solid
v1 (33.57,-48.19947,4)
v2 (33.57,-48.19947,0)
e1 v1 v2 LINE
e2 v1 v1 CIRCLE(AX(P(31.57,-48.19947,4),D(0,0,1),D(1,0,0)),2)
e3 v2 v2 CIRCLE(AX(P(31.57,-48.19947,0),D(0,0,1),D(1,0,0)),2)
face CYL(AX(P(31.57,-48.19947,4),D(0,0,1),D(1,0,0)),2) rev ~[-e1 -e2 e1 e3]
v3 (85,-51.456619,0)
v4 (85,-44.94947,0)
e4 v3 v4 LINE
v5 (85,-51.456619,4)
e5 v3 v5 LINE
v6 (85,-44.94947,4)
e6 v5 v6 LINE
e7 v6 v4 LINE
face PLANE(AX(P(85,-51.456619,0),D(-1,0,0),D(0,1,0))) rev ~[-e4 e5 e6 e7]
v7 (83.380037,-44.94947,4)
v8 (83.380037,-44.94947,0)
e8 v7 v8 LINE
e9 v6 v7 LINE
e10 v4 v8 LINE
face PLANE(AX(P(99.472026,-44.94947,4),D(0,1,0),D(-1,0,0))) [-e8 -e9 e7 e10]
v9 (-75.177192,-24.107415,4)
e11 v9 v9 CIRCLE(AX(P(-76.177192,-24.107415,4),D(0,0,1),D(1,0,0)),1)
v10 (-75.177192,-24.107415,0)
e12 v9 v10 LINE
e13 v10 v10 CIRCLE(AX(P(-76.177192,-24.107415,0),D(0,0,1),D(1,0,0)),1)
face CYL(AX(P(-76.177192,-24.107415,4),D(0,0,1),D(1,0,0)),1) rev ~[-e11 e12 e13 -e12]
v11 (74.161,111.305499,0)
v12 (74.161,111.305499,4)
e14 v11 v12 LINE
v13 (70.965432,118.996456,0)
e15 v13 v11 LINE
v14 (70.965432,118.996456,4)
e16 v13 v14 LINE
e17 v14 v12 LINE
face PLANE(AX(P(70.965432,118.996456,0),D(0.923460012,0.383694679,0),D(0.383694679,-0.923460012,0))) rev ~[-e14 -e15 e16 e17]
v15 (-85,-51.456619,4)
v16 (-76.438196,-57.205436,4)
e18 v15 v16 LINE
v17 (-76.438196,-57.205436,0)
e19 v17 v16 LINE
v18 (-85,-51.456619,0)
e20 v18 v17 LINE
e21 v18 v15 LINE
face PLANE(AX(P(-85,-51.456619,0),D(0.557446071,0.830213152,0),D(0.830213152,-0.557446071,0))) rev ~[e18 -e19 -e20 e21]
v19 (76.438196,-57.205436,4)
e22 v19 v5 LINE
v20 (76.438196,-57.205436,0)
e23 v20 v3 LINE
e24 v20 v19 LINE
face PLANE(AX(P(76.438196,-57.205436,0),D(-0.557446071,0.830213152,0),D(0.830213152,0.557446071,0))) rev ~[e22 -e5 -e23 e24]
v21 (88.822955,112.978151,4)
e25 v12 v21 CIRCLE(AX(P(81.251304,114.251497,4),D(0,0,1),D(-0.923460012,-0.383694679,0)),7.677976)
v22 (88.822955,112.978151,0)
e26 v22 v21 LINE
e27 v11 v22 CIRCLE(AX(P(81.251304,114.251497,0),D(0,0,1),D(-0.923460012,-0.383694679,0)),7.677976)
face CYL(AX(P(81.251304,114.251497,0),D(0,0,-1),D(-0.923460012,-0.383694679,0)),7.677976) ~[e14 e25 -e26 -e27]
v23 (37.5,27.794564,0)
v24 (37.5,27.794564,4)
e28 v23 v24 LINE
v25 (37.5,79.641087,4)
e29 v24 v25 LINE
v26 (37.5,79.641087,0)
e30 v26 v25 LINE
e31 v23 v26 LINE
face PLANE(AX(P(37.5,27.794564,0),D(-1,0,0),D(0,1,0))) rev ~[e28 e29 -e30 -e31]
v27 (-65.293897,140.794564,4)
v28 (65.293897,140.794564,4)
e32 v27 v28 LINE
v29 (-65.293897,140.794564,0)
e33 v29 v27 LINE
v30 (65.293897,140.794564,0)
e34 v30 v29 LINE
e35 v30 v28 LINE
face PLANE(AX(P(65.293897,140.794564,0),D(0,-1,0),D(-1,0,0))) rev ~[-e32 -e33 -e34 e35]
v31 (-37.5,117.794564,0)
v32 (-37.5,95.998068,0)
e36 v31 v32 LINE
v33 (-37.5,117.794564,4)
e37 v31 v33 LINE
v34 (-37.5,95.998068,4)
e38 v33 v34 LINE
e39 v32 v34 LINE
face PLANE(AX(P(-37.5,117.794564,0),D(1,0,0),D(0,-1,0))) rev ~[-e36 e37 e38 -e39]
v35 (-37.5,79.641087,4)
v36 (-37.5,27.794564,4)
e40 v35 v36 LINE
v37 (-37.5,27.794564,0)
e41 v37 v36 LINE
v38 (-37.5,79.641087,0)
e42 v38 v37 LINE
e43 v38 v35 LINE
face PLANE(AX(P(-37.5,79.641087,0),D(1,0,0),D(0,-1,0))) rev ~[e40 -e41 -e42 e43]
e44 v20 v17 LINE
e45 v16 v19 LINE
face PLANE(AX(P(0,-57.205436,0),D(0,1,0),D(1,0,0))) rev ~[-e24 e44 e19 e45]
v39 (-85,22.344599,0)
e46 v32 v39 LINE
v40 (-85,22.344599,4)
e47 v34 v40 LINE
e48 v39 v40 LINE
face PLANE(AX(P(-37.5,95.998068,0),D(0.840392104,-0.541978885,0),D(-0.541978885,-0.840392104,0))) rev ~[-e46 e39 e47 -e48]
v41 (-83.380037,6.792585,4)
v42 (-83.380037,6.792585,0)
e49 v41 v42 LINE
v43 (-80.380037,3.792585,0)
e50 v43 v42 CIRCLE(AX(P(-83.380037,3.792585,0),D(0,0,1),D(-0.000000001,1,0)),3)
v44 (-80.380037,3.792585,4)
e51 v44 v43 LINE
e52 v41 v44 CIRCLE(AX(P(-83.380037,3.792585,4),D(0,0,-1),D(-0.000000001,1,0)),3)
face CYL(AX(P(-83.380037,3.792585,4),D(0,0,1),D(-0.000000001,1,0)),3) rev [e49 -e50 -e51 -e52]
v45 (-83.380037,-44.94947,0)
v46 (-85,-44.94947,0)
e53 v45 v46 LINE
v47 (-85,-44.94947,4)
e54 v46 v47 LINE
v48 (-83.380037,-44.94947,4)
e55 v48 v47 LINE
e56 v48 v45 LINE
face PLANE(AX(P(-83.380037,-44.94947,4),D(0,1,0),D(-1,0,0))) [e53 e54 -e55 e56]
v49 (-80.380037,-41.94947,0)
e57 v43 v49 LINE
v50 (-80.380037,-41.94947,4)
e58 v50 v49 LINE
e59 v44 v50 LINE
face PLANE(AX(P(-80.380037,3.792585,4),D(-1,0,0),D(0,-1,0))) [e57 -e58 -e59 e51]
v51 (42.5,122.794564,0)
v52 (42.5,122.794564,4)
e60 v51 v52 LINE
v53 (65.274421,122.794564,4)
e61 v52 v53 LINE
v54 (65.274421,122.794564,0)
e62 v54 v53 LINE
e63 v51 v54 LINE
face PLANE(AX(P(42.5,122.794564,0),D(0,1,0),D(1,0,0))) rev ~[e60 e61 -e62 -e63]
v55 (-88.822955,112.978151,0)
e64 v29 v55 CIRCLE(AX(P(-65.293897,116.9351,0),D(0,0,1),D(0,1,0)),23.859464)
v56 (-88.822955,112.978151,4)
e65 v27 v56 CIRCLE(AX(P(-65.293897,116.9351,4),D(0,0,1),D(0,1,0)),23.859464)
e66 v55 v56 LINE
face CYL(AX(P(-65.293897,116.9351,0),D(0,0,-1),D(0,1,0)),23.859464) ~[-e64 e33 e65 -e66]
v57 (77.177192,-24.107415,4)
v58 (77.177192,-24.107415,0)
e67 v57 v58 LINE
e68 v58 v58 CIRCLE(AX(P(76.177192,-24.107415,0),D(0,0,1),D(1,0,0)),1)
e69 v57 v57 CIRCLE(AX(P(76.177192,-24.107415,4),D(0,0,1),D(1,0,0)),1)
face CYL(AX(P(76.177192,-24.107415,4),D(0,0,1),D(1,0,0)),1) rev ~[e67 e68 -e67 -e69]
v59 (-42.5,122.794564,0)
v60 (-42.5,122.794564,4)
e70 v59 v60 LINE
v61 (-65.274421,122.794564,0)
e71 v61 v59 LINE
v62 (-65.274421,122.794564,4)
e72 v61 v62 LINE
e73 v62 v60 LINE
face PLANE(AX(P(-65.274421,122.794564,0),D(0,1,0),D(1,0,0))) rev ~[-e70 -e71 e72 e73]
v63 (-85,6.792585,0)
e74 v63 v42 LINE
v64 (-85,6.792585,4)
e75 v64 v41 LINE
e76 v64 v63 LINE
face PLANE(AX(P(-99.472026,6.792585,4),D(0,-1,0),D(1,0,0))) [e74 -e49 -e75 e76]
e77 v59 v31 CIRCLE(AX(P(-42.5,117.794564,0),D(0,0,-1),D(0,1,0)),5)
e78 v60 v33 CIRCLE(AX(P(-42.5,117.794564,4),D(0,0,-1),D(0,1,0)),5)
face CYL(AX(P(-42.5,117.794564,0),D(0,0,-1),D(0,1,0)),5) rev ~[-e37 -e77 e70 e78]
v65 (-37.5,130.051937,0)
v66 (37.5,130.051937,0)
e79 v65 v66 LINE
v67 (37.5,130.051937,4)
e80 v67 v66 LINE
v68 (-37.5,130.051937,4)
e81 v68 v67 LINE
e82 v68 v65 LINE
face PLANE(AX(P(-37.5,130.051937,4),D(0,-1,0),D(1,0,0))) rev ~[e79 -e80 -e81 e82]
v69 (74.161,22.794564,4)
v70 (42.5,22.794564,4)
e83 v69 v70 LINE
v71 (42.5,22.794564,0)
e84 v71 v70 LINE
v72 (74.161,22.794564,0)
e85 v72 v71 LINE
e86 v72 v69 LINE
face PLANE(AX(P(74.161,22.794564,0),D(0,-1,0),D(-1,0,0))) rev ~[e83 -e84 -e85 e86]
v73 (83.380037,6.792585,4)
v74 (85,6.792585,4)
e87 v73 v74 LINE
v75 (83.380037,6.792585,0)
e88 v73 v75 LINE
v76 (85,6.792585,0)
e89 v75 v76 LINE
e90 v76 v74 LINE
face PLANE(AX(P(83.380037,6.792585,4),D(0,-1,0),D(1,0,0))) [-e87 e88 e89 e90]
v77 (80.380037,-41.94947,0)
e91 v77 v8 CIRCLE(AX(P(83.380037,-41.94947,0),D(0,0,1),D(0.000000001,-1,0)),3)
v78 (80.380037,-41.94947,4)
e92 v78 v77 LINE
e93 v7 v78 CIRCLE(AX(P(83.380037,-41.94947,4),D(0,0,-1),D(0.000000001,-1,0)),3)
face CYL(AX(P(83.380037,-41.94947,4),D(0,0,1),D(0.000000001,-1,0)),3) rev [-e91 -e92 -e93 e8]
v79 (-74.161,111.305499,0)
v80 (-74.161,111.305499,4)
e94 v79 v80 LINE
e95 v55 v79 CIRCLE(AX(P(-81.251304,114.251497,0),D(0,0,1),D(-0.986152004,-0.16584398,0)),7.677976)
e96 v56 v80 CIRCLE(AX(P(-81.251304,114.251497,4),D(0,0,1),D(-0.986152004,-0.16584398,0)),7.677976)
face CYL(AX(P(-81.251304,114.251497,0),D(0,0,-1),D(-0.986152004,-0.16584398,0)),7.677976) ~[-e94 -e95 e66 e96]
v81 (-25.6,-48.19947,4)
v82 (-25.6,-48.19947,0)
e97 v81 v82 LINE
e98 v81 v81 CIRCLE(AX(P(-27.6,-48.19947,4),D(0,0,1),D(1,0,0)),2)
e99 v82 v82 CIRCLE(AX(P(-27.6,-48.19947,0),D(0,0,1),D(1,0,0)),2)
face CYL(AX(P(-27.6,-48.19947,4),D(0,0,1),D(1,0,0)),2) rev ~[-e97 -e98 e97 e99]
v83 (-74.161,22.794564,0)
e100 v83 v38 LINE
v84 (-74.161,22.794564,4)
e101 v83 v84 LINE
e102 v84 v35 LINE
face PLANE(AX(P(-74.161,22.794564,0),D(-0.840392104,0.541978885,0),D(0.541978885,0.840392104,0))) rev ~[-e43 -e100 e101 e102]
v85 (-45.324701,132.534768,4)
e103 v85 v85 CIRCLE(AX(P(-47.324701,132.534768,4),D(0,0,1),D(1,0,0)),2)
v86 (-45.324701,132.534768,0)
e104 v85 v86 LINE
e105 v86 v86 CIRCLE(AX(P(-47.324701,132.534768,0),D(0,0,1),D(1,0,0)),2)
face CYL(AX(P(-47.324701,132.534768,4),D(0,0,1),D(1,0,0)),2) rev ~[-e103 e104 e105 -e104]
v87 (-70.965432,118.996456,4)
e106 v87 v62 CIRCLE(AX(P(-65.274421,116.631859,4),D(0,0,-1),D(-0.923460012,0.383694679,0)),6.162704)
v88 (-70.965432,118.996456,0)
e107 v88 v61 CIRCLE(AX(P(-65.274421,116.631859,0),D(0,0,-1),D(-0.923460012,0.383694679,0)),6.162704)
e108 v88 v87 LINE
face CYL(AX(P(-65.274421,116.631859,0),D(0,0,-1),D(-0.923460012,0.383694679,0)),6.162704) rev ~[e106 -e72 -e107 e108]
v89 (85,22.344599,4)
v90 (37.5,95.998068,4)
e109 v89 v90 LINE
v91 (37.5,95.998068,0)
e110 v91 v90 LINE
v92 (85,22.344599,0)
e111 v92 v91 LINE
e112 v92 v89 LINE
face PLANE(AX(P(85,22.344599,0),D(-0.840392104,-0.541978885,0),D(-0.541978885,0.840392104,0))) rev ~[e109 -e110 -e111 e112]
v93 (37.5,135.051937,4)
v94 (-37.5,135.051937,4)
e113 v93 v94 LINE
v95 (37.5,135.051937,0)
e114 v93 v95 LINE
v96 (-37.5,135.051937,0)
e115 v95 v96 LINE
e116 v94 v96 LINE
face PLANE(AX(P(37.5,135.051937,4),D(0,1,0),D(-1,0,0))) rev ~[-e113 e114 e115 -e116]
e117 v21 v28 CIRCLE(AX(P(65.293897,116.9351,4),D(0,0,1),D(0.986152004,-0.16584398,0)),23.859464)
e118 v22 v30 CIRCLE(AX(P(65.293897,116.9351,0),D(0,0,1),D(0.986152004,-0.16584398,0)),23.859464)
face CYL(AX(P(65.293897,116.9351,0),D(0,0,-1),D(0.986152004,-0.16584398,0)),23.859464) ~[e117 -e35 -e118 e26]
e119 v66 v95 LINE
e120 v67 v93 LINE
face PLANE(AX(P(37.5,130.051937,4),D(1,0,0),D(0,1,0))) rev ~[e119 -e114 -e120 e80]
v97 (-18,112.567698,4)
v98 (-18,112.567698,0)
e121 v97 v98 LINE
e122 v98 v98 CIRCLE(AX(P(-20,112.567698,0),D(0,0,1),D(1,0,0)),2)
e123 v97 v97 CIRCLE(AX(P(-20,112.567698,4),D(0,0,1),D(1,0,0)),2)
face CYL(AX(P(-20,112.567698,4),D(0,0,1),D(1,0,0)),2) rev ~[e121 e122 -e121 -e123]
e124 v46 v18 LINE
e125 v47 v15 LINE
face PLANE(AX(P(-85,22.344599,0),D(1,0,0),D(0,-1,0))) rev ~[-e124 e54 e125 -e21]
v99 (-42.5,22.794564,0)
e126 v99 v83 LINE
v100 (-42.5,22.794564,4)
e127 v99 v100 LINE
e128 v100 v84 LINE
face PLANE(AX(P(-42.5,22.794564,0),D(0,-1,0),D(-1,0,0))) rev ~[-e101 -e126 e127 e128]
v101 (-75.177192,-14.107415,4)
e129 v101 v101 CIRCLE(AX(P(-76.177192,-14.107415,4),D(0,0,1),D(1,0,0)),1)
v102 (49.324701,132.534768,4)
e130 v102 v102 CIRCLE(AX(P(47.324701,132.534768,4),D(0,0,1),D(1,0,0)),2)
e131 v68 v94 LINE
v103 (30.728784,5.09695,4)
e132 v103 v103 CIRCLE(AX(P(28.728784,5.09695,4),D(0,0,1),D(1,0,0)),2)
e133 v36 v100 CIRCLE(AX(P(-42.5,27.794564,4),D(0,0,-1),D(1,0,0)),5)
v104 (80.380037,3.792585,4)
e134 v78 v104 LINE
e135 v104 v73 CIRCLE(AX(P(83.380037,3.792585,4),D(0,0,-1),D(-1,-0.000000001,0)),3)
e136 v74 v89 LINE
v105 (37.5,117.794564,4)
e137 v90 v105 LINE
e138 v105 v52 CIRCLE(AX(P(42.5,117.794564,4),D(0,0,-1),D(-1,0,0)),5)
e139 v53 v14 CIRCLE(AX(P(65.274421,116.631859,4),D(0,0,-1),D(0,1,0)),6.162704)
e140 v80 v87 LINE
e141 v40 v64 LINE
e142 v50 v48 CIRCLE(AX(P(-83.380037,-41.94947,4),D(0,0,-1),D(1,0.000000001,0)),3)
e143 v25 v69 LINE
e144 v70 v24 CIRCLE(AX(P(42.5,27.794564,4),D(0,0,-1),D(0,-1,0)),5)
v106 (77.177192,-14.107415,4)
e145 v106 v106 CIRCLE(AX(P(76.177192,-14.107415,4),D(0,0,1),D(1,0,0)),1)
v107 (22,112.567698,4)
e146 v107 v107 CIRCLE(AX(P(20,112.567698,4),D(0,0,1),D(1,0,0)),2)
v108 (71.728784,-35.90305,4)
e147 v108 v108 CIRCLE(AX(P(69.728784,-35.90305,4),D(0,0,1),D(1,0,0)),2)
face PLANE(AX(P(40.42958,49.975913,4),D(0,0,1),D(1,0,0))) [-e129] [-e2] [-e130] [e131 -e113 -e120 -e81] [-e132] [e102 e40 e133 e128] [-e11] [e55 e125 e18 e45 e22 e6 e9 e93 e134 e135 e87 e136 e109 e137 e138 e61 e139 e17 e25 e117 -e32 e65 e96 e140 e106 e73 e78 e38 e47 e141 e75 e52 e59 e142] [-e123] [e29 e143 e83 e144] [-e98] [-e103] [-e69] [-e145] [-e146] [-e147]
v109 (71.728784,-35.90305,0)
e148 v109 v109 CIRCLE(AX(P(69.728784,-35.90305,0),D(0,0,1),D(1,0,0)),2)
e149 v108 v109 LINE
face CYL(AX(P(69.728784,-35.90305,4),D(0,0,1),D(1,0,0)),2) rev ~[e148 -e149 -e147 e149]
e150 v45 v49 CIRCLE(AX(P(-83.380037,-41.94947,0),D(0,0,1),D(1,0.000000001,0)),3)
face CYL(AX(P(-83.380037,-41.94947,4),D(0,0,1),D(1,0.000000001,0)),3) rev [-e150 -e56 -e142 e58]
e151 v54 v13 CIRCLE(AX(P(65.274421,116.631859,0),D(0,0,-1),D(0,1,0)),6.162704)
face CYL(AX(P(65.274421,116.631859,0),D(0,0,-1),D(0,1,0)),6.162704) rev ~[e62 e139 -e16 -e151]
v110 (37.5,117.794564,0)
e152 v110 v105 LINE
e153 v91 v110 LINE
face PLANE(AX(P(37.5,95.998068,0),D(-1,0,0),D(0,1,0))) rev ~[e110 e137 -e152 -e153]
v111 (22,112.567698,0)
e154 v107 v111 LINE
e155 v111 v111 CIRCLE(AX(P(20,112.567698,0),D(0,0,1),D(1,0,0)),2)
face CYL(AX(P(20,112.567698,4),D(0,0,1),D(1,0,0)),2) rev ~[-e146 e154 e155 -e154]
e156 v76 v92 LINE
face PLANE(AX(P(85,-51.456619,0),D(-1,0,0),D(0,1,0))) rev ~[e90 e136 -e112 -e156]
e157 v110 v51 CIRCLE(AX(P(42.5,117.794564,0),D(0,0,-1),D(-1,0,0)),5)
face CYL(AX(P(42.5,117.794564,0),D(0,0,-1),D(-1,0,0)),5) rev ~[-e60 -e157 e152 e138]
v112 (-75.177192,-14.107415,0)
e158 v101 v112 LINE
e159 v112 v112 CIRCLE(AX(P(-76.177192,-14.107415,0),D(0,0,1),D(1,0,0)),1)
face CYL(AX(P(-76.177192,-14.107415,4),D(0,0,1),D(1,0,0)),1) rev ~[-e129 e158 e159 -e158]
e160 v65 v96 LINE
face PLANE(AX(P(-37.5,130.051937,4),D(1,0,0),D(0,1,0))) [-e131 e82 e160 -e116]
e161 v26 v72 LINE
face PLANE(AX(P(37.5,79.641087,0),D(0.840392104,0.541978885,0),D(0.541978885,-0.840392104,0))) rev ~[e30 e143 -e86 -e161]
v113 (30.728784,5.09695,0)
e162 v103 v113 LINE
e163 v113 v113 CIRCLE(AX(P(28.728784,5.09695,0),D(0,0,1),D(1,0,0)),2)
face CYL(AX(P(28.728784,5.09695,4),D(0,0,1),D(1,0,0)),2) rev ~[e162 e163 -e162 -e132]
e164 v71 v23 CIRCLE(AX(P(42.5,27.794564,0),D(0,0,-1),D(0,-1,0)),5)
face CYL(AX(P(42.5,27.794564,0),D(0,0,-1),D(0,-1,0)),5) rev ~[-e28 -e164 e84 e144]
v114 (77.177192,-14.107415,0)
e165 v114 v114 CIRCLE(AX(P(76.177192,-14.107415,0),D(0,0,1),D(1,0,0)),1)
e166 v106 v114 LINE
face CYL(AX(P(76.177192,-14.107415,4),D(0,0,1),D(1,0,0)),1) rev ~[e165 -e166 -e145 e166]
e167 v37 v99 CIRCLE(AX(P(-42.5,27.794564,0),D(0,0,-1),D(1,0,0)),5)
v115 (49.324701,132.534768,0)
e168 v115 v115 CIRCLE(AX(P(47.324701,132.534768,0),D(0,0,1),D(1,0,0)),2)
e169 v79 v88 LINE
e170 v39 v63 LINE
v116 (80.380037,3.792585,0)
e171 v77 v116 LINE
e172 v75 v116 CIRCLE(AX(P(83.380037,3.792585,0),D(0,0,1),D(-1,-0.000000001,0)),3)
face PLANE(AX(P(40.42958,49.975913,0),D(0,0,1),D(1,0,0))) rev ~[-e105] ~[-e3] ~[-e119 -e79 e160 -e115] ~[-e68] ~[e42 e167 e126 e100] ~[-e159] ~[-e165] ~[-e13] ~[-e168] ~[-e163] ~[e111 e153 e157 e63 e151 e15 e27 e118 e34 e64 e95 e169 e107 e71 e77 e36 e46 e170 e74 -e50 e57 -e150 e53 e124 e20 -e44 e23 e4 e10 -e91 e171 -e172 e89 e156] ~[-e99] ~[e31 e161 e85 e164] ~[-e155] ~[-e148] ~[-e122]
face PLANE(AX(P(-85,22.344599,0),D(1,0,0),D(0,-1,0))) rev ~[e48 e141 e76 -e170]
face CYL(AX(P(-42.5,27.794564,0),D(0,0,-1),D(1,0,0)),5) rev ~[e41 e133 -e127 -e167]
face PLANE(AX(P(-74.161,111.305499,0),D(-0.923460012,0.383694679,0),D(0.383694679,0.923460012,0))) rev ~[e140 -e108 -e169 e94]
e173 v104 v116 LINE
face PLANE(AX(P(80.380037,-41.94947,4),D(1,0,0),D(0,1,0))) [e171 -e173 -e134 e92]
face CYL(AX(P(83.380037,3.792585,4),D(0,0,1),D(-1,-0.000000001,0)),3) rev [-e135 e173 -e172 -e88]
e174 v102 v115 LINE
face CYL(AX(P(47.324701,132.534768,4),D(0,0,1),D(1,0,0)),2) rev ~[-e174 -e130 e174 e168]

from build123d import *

# Parameters (mm, degrees)
BOSS_EXTRUDE1_DEPTH = 4
SKETCH3_R           = 2
CUT_EXTRUDE1_DEPTH  = 10
CUT_EXTRUDE2_DEPTH  = 10
SKETCH5_W           = 37.5
SKETCH5_H           = 5
SKETCH5_R           = 2
CUT_EXTRUDE3_DEPTH  = 10
SKETCH6_R           = 2
CUT_EXTRUDE4_DEPTH  = 10
SKETCH7_R           = 1
CUT_EXTRUDE5_DEPTH  = 10
SKETCH8_R           = 2
CUT_EXTRUDE6_DEPTH  = 10


with BuildPart() as part:
    # Sketch1 → Boss-Extrude1 (new body)
    # profile 1 of 2: a face of its own
    with BuildSketch(Plane.XY):
        with BuildLine():
            Line((0, -57.20543624), (0, 140.79456376))
            Line((0, 140.79456376), (-50, 140.79456376))
            Line((-50, 140.79456376), (-65.293896859, 140.79456376))
            ThreePointArc((-65.293896859, 140.79456376), (-83.510437362, 132.343917874), (-88.822955159, 112.978151212))
            ThreePointArc((-88.822955159, 112.978151212), (-82.121571276, 106.62300147), (-74.161000128, 111.305498795))
            Line((-74.161000128, 111.305498795), (-70.965431907, 118.996456291))
            ThreePointArc((-70.965431907, 118.996456291), (-68.695430494, 121.757834263), (-65.274420897, 122.79456376))
            Line((-65.274420897, 122.79456376), (-50.707299907, 122.79456376))
            Line((-50.707299907, 122.79456376), (-42.5, 122.79456376))
            ThreePointArc((-42.5, 122.79456376), (-38.964466094, 121.330097666), (-37.5, 117.79456376))
            Line((-37.5, 117.79456376), (-37.5, 95.998067584))
            Line((-37.5, 95.998067584), (-85, 22.344598664))
            Line((-85, 22.344598664), (-85, -51.456618505))
            Line((-85, -51.456618505), (-76.438195827, -57.20543624))
            Line((-76.438195827, -57.20543624), (0, -57.20543624))
        make_face()
        with BuildLine():
            ThreePointArc((-37.5, 27.79456376), (-38.964466094, 24.259029854), (-42.5, 22.79456376))
            Line((-42.5, 22.79456376), (-74.161000128, 22.79456376))
            Line((-74.161000128, 22.79456376), (-37.5, 79.641086571))
            Line((-37.5, 79.641086571), (-37.5, 27.79456376))
        make_face(mode=Mode.SUBTRACT)
    # profile 2 of 2: a face of its own
    with BuildSketch(Plane.XY):
        with BuildLine():
            Line((65.293896859, 140.79456376), (50, 140.79456376))
            Line((50, 140.79456376), (0, 140.79456376))
            Line((0, 140.79456376), (0, -57.20543624))
            Line((0, -57.20543624), (76.438195827, -57.20543624))
            Line((76.438195827, -57.20543624), (85, -51.456618505))
            Line((85, -51.456618505), (85, 22.344598664))
            Line((85, 22.344598664), (37.5, 95.998067584))
            Line((37.5, 95.998067584), (37.5, 117.79456376))
            ThreePointArc((37.5, 117.79456376), (38.964466094, 121.330097666), (42.5, 122.79456376))
            Line((42.5, 122.79456376), (50.707299907, 122.79456376))
            Line((50.707299907, 122.79456376), (65.274420897, 122.79456376))
            ThreePointArc((65.274420897, 122.79456376), (68.695430494, 121.757834263), (70.965431907, 118.996456291))
            Line((70.965431907, 118.996456291), (74.161000128, 111.305498795))
            ThreePointArc((74.161000128, 111.305498795), (82.121571276, 106.62300147), (88.822955159, 112.978151212))
            ThreePointArc((88.822955159, 112.978151212), (83.510437362, 132.343917874), (65.293896859, 140.79456376))
        make_face()
        with BuildLine():
            Line((37.5, 79.641086571), (74.161000128, 22.79456376))
            Line((74.161000128, 22.79456376), (42.5, 22.79456376))
            ThreePointArc((42.5, 22.79456376), (38.964466094, 24.259029854), (37.5, 27.79456376))
            Line((37.5, 27.79456376), (37.5, 79.641086571))
        make_face(mode=Mode.SUBTRACT)
    extrude(amount=BOSS_EXTRUDE1_DEPTH)

    # Sketch3 → Cut-Extrude1 (cut)
    with BuildSketch(Plane.XY.offset(4)):
        with Locations((-47.324700565, 132.53476761)):
            Circle(SKETCH3_R)
        with Locations((47.324700565, 132.53476761)):
            Circle(SKETCH3_R)
    extrude(amount=-CUT_EXTRUDE1_DEPTH, mode=Mode.SUBTRACT)

    # Sketch4 → Cut-Extrude2 (cut)
    with BuildSketch(Plane.XY.offset(4)):
        with BuildLine():
            Line((-99.472025614, 6.792585345), (-83.380037388, 6.792585345))
            ThreePointArc((-83.380037388, 6.792585345), (-81.258717044, 5.913905689), (-80.380037388, 3.792585345))
            Line((-80.380037388, 3.792585345), (-80.380037388, -41.949469703))
            ThreePointArc((-80.380037388, -41.949469703), (-81.258717044, -44.070790047), (-83.380037388, -44.949469703))
            Line((-83.380037388, -44.949469703), (-99.472025614, -44.949469703))
            Line((-99.472025614, -44.949469703), (-99.472025614, 6.792585345))
        make_face()
        with BuildLine():
            Line((99.472025614, -44.949469703), (83.380037388, -44.949469703))
            ThreePointArc((83.380037388, -44.949469703), (81.258717044, -44.070790047), (80.380037388, -41.949469703))
            Line((80.380037388, -41.949469703), (80.380037388, 3.792585345))
            ThreePointArc((80.380037388, 3.792585345), (81.258717044, 5.913905689), (83.380037388, 6.792585345))
            Line((83.380037388, 6.792585345), (99.472025614, 6.792585345))
            Line((99.472025614, 6.792585345), (99.472025614, -44.949469703))
        make_face()
    extrude(amount=-CUT_EXTRUDE2_DEPTH, mode=Mode.SUBTRACT)

    # Sketch5 → Cut-Extrude3 (cut)
    with BuildSketch(Plane.XY.offset(4)):
        with Locations((-18.75, 132.551936771)):
            Rectangle(SKETCH5_W, SKETCH5_H)
        with Locations((18.75, 132.551936771)):
            Rectangle(SKETCH5_W, SKETCH5_H)
        with Locations((20, 112.567697597)):
            Circle(SKETCH5_R)
        with Locations((-20, 112.567697597)):
            Circle(SKETCH5_R)
    extrude(amount=-CUT_EXTRUDE3_DEPTH, mode=Mode.SUBTRACT)

    # Sketch6 → Cut-Extrude4 (cut)
    with BuildSketch(Plane.XY.offset(4)):
        with Locations((28.728783517, 5.096950375)):
            Circle(SKETCH6_R)
        with Locations((69.728783517, -35.903049625)):
            Circle(SKETCH6_R)
    extrude(amount=-CUT_EXTRUDE4_DEPTH, mode=Mode.SUBTRACT)

    # Sketch7 → Cut-Extrude5 (cut)
    with BuildSketch(Plane.XY.offset(4)):
        with Locations((-76.177192192, -14.107414655)):
            Circle(SKETCH7_R)
        with Locations((-76.177192192, -24.107414655)):
            Circle(SKETCH7_R)
        with Locations((76.177192192, -24.107414655)):
            Circle(SKETCH7_R)
        with Locations((76.177192192, -14.107414655)):
            Circle(SKETCH7_R)
    extrude(amount=-CUT_EXTRUDE5_DEPTH, mode=Mode.SUBTRACT)

    # Sketch8 → Cut-Extrude6 (cut)
    with BuildSketch(Plane.XY.offset(4)):
        with Locations((-27.6, -48.199469703)):
            Circle(SKETCH8_R)
        with Locations((31.57, -48.199469703)):
            Circle(SKETCH8_R)
    extrude(amount=-CUT_EXTRUDE6_DEPTH, mode=Mode.SUBTRACT)


solid = part.part
